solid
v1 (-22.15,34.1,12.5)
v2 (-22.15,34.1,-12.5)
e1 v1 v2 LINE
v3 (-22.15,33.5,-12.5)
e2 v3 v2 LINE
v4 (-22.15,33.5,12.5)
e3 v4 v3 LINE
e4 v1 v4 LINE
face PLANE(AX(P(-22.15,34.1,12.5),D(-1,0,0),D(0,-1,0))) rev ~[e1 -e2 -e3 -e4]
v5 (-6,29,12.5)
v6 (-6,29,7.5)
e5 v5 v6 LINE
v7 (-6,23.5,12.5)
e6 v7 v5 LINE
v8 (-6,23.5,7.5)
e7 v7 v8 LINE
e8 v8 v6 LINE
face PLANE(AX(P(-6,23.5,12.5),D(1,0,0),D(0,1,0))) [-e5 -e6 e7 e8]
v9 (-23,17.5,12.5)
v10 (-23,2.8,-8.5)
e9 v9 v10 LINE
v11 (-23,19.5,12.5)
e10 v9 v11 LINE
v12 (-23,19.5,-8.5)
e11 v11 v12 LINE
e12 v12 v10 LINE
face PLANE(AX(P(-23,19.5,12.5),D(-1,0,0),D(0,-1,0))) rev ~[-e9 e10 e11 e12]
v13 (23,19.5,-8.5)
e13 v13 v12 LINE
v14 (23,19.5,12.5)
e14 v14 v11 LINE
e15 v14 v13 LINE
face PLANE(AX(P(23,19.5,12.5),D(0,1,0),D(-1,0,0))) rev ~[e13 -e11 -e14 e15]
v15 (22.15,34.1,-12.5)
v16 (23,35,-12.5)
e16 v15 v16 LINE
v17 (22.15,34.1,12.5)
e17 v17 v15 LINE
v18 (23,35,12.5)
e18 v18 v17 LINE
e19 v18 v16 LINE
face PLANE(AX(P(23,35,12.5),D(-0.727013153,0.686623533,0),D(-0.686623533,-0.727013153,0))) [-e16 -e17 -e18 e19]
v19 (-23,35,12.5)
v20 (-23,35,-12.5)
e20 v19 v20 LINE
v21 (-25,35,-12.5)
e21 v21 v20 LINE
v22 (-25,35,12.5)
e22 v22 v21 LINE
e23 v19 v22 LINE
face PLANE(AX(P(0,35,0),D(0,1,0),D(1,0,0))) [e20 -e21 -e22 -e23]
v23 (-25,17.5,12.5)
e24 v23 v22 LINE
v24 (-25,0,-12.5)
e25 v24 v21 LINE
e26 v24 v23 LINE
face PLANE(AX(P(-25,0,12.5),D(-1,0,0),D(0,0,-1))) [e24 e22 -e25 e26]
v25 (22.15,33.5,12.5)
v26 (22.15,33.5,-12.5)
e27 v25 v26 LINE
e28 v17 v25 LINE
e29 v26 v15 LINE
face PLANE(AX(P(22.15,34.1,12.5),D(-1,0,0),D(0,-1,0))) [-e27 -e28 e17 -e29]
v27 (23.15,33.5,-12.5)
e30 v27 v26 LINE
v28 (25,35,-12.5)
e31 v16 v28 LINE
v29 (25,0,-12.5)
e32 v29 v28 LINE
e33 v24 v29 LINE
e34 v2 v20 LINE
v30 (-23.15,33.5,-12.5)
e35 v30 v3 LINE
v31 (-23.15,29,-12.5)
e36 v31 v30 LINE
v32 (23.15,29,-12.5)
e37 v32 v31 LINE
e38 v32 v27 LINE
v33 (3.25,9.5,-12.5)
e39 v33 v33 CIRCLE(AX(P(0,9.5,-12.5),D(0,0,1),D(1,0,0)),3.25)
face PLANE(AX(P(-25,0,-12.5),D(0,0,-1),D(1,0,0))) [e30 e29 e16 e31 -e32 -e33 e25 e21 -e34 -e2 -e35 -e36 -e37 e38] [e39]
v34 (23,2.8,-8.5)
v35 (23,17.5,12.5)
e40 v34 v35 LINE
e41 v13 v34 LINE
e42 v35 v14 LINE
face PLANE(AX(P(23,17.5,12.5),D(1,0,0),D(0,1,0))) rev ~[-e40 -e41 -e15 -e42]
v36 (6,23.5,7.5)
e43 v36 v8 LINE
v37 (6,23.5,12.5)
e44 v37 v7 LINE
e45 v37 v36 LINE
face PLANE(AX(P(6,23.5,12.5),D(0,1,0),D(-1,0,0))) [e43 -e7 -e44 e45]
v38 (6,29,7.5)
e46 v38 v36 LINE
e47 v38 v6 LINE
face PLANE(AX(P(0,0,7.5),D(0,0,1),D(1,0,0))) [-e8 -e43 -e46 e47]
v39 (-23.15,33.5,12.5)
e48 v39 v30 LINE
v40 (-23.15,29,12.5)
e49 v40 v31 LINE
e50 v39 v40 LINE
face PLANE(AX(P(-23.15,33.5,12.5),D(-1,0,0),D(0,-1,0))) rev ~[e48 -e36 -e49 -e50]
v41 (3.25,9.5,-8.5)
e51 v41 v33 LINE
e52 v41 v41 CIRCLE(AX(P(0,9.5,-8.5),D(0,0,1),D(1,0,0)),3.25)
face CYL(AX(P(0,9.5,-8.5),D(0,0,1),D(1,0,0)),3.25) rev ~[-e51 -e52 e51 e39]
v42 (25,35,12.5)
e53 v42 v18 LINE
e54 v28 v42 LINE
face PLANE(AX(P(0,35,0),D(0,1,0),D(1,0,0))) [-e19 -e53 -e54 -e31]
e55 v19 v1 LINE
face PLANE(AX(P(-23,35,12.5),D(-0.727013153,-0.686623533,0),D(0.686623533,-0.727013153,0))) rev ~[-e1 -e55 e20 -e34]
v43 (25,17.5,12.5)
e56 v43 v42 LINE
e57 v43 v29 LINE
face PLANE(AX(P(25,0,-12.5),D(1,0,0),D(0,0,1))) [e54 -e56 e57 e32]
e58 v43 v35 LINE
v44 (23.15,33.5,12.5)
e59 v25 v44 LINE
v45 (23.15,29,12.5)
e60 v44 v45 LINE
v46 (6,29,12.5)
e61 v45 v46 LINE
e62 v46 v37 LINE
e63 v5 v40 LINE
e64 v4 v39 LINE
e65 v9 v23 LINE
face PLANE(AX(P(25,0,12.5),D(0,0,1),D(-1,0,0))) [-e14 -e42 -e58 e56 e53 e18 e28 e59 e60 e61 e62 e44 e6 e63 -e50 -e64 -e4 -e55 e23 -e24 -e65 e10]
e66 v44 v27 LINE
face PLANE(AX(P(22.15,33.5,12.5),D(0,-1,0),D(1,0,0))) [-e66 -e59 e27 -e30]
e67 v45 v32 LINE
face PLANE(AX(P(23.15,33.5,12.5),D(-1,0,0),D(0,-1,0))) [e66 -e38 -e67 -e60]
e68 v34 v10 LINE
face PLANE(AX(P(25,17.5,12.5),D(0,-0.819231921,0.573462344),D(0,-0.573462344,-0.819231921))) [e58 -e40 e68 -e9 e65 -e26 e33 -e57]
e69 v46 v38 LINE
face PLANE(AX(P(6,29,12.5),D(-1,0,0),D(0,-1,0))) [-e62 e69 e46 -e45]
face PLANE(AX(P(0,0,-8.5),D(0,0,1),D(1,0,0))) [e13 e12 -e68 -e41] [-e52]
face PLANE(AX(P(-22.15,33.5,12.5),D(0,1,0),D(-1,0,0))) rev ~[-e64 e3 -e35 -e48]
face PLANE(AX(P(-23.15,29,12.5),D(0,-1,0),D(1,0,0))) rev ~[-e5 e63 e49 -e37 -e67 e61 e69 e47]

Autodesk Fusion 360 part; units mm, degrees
sketch "Sketch1" plane through (0, 0, 0) normal (0, 1, 0) x (1, 0, 0)
  line L0 (25, -12.5) -> (-25, -12.5)
  line L1 (-25, -12.5) -> (-25, 12.5)
  line L2 (-25, 12.5) -> (25, 12.5)
  line L3 (25, 12.5) -> (25, -12.5)
  line L4 (25, -12.5) -> (-25, 12.5) construction
  line L5 (-25, -12.5) -> (25, 12.5) construction
  dimension "d1" = 25
  dimension "d2" = 50
extrude "Extrude1" add sketch "Sketch1" along normal blind 35
sketch "Sketch2" plane through (0, 0, 12.5) normal (0, 0, 1) x (1, 0, 0)
  line L0 (-25, 0) -> (25, 0)
  line L1 (25, 0) -> (25, 35)
  line L2 (25, 35) -> (-25, 35)
  line L3 (-25, 35) -> (-25, 0)
  line L4 (0, 0) -> (0, 11) construction
  line L5 (23, 35) -> (22.15, 34.1)
  line L6 (22.15, 34.1) -> (22.15, 33.5)
  line L7 (22.15, 33.5) -> (23.15, 33.5)
  line L8 (23.15, 33.5) -> (23.15, 29)
  line L9 (23.15, 29) -> (0, 29)
  line L10 (23, 35) -> (0, 35)
  line L11 (-25, 35) -> (25, 35)
  line L12 (-23.15, 33.5) -> (-23.15, 29)
  line L13 (-25, 0) -> (-25, 35)
  line L14 (-23, 35) -> (0, 35)
  line L15 (-22.15, 33.5) -> (-23.15, 33.5)
  line L16 (-22.15, 34.1) -> (-22.15, 33.5)
  line L17 (-23.15, 29) -> (0, 29)
  line L18 (-23, 35) -> (-22.15, 34.1)
  dimension "d5" = 46.3
  dimension "d6" = 1
  dimension "d7" = 1.5
  dimension "d8" = 0.6
  dimension "d9" = 2
  dimension "d10" = 4.5
extrude "Extrude2" cut sketch "Sketch2" against normal through all contours L2 L5 L6 L7 L8 L9 L10 L11 L12 L14 L15 L16 L17 L18
sketch "Sketch3" plane through (0, 0, 12.5) normal (0, 0, 1) x (1, 0, 0)
  line L0 (23, 35) -> (22.15, 34.1)
  line L1 (22.15, 34.1) -> (22.15, 33.5)
  line L2 (22.15, 33.5) -> (23.15, 33.5)
  line L3 (23.15, 33.5) -> (23.15, 29)
  line L4 (23.15, 29) -> (-23.15, 29)
  line L5 (-23.15, 29) -> (-23.15, 33.5)
  line L6 (-23.15, 33.5) -> (-22.15, 33.5)
  line L7 (-22.15, 33.5) -> (-22.15, 34.1)
  line L8 (-22.15, 34.1) -> (-23, 35)
  line L9 (-23, 35) -> (-25, 35)
  line L10 (-25, 35) -> (-25, 0)
  line L11 (-25, 0) -> (25, 0)
  line L12 (25, 0) -> (25, 35)
  line L13 (25, 35) -> (23, 35)
  line L14 (6, 23.5) -> (-6, 23.5)
  line L15 (-6, 23.5) -> (-6, 34.5)
  line L16 (-6, 34.5) -> (6, 34.5)
  line L17 (6, 34.5) -> (6, 23.5)
  line L18 (6, 23.5) -> (-6, 34.5) construction
  line L19 (-6, 23.5) -> (6, 34.5) construction
  point P0 (0, 29)
  dimension "d12" = 12
  dimension "d13" = 11
extrude "Extrude3" cut sketch "Sketch3" against normal blind 5 contours L4 L14 L15 L17
sketch "Sketch4" plane through (25, 0, 0) normal (1, 0, 0) x (0, 0, -1)
  line L0 (-12.5, 0) -> (12.5, 0)
  line L1 (12.5, 0) -> (12.5, 35)
  line L2 (12.5, 35) -> (-12.5, 35)
  line L3 (-12.5, 35) -> (-12.5, 0)
  line L4 (-12.5, 17.5) -> (12.5, 0)
  line L5 (12.5, 0) -> (-12.5, 0)
  line L6 (-12.5, 0) -> (-12.5, 17.5)
extrude "Extrude4" cut sketch "Sketch4" against normal through all contours L0 L3 L4 L5 L6
sketch "Sketch5" plane through (0, 0, 12.5) normal (0, 0, 1) x (1, 0, 0)
  line L0 (-25, 17.5) -> (25, 17.5)
  line L1 (25, 17.5) -> (25, 35)
  line L2 (25, 35) -> (23, 35)
  line L3 (23, 35) -> (22.15, 34.1)
  line L4 (22.15, 34.1) -> (22.15, 33.5)
  line L5 (22.15, 33.5) -> (23.15, 33.5)
  line L6 (23.15, 33.5) -> (23.15, 29)
  line L7 (23.15, 29) -> (6, 29)
  line L8 (6, 29) -> (6, 23.5)
  line L9 (6, 23.5) -> (-6, 23.5)
  line L10 (-6, 23.5) -> (-6, 29)
  line L11 (-6, 29) -> (-23.15, 29)
  line L12 (-23.15, 29) -> (-23.15, 33.5)
  line L13 (-23.15, 33.5) -> (-22.15, 33.5)
  line L14 (-22.15, 33.5) -> (-22.15, 34.1)
  line L15 (-22.15, 34.1) -> (-23, 35)
  line L16 (-23, 35) -> (-25, 35)
  line L17 (-25, 35) -> (-25, 17.5)
  line L18 (23, 19.5) -> (-23, 19.5)
  line L19 (-23, 19.5) -> (-23, 0)
  line L20 (-23, 0) -> (23, 0)
  line L21 (23, 0) -> (23, 19.5)
  line L22 (23, 19.5) -> (-23, 0) construction
  line L23 (-23, 19.5) -> (23, 0) construction
  line L24 (-25, 0) -> (25, 0)
  line L25 (25, 17.5) -> (25, 0)
  line L26 (-25, 0) -> (-25, 17.5)
  point P0 (0, 9.75)
  dimension "d17" = 2
  dimension "d18" = 2
  dimension "d19" = 2
extrude "Extrude5" cut sketch "Sketch5" against normal blind 21 contours L0 L18 L19 L21 | L0 L19 L20 L21 L24
sketch "Sketch6" plane through (0, 0, -8.5) normal (0, 0, 1) x (1, 0, 0)
  line L0 (-23, 2.8) -> (23, 2.8)
  line L1 (23, 2.8) -> (23, 19.5)
  line L2 (23, 19.5) -> (-23, 19.5)
  line L3 (-23, 19.5) -> (-23, 2.8)
  circle A0 centre (0, 9.5) radius 3.25
  line L4 (0, 0) -> (0, 14) construction
  dimension "d22" = 6.5
  dimension "d23" = 9.5
extrude "Extrude6" cut sketch "Sketch6" against normal through all contours A0
